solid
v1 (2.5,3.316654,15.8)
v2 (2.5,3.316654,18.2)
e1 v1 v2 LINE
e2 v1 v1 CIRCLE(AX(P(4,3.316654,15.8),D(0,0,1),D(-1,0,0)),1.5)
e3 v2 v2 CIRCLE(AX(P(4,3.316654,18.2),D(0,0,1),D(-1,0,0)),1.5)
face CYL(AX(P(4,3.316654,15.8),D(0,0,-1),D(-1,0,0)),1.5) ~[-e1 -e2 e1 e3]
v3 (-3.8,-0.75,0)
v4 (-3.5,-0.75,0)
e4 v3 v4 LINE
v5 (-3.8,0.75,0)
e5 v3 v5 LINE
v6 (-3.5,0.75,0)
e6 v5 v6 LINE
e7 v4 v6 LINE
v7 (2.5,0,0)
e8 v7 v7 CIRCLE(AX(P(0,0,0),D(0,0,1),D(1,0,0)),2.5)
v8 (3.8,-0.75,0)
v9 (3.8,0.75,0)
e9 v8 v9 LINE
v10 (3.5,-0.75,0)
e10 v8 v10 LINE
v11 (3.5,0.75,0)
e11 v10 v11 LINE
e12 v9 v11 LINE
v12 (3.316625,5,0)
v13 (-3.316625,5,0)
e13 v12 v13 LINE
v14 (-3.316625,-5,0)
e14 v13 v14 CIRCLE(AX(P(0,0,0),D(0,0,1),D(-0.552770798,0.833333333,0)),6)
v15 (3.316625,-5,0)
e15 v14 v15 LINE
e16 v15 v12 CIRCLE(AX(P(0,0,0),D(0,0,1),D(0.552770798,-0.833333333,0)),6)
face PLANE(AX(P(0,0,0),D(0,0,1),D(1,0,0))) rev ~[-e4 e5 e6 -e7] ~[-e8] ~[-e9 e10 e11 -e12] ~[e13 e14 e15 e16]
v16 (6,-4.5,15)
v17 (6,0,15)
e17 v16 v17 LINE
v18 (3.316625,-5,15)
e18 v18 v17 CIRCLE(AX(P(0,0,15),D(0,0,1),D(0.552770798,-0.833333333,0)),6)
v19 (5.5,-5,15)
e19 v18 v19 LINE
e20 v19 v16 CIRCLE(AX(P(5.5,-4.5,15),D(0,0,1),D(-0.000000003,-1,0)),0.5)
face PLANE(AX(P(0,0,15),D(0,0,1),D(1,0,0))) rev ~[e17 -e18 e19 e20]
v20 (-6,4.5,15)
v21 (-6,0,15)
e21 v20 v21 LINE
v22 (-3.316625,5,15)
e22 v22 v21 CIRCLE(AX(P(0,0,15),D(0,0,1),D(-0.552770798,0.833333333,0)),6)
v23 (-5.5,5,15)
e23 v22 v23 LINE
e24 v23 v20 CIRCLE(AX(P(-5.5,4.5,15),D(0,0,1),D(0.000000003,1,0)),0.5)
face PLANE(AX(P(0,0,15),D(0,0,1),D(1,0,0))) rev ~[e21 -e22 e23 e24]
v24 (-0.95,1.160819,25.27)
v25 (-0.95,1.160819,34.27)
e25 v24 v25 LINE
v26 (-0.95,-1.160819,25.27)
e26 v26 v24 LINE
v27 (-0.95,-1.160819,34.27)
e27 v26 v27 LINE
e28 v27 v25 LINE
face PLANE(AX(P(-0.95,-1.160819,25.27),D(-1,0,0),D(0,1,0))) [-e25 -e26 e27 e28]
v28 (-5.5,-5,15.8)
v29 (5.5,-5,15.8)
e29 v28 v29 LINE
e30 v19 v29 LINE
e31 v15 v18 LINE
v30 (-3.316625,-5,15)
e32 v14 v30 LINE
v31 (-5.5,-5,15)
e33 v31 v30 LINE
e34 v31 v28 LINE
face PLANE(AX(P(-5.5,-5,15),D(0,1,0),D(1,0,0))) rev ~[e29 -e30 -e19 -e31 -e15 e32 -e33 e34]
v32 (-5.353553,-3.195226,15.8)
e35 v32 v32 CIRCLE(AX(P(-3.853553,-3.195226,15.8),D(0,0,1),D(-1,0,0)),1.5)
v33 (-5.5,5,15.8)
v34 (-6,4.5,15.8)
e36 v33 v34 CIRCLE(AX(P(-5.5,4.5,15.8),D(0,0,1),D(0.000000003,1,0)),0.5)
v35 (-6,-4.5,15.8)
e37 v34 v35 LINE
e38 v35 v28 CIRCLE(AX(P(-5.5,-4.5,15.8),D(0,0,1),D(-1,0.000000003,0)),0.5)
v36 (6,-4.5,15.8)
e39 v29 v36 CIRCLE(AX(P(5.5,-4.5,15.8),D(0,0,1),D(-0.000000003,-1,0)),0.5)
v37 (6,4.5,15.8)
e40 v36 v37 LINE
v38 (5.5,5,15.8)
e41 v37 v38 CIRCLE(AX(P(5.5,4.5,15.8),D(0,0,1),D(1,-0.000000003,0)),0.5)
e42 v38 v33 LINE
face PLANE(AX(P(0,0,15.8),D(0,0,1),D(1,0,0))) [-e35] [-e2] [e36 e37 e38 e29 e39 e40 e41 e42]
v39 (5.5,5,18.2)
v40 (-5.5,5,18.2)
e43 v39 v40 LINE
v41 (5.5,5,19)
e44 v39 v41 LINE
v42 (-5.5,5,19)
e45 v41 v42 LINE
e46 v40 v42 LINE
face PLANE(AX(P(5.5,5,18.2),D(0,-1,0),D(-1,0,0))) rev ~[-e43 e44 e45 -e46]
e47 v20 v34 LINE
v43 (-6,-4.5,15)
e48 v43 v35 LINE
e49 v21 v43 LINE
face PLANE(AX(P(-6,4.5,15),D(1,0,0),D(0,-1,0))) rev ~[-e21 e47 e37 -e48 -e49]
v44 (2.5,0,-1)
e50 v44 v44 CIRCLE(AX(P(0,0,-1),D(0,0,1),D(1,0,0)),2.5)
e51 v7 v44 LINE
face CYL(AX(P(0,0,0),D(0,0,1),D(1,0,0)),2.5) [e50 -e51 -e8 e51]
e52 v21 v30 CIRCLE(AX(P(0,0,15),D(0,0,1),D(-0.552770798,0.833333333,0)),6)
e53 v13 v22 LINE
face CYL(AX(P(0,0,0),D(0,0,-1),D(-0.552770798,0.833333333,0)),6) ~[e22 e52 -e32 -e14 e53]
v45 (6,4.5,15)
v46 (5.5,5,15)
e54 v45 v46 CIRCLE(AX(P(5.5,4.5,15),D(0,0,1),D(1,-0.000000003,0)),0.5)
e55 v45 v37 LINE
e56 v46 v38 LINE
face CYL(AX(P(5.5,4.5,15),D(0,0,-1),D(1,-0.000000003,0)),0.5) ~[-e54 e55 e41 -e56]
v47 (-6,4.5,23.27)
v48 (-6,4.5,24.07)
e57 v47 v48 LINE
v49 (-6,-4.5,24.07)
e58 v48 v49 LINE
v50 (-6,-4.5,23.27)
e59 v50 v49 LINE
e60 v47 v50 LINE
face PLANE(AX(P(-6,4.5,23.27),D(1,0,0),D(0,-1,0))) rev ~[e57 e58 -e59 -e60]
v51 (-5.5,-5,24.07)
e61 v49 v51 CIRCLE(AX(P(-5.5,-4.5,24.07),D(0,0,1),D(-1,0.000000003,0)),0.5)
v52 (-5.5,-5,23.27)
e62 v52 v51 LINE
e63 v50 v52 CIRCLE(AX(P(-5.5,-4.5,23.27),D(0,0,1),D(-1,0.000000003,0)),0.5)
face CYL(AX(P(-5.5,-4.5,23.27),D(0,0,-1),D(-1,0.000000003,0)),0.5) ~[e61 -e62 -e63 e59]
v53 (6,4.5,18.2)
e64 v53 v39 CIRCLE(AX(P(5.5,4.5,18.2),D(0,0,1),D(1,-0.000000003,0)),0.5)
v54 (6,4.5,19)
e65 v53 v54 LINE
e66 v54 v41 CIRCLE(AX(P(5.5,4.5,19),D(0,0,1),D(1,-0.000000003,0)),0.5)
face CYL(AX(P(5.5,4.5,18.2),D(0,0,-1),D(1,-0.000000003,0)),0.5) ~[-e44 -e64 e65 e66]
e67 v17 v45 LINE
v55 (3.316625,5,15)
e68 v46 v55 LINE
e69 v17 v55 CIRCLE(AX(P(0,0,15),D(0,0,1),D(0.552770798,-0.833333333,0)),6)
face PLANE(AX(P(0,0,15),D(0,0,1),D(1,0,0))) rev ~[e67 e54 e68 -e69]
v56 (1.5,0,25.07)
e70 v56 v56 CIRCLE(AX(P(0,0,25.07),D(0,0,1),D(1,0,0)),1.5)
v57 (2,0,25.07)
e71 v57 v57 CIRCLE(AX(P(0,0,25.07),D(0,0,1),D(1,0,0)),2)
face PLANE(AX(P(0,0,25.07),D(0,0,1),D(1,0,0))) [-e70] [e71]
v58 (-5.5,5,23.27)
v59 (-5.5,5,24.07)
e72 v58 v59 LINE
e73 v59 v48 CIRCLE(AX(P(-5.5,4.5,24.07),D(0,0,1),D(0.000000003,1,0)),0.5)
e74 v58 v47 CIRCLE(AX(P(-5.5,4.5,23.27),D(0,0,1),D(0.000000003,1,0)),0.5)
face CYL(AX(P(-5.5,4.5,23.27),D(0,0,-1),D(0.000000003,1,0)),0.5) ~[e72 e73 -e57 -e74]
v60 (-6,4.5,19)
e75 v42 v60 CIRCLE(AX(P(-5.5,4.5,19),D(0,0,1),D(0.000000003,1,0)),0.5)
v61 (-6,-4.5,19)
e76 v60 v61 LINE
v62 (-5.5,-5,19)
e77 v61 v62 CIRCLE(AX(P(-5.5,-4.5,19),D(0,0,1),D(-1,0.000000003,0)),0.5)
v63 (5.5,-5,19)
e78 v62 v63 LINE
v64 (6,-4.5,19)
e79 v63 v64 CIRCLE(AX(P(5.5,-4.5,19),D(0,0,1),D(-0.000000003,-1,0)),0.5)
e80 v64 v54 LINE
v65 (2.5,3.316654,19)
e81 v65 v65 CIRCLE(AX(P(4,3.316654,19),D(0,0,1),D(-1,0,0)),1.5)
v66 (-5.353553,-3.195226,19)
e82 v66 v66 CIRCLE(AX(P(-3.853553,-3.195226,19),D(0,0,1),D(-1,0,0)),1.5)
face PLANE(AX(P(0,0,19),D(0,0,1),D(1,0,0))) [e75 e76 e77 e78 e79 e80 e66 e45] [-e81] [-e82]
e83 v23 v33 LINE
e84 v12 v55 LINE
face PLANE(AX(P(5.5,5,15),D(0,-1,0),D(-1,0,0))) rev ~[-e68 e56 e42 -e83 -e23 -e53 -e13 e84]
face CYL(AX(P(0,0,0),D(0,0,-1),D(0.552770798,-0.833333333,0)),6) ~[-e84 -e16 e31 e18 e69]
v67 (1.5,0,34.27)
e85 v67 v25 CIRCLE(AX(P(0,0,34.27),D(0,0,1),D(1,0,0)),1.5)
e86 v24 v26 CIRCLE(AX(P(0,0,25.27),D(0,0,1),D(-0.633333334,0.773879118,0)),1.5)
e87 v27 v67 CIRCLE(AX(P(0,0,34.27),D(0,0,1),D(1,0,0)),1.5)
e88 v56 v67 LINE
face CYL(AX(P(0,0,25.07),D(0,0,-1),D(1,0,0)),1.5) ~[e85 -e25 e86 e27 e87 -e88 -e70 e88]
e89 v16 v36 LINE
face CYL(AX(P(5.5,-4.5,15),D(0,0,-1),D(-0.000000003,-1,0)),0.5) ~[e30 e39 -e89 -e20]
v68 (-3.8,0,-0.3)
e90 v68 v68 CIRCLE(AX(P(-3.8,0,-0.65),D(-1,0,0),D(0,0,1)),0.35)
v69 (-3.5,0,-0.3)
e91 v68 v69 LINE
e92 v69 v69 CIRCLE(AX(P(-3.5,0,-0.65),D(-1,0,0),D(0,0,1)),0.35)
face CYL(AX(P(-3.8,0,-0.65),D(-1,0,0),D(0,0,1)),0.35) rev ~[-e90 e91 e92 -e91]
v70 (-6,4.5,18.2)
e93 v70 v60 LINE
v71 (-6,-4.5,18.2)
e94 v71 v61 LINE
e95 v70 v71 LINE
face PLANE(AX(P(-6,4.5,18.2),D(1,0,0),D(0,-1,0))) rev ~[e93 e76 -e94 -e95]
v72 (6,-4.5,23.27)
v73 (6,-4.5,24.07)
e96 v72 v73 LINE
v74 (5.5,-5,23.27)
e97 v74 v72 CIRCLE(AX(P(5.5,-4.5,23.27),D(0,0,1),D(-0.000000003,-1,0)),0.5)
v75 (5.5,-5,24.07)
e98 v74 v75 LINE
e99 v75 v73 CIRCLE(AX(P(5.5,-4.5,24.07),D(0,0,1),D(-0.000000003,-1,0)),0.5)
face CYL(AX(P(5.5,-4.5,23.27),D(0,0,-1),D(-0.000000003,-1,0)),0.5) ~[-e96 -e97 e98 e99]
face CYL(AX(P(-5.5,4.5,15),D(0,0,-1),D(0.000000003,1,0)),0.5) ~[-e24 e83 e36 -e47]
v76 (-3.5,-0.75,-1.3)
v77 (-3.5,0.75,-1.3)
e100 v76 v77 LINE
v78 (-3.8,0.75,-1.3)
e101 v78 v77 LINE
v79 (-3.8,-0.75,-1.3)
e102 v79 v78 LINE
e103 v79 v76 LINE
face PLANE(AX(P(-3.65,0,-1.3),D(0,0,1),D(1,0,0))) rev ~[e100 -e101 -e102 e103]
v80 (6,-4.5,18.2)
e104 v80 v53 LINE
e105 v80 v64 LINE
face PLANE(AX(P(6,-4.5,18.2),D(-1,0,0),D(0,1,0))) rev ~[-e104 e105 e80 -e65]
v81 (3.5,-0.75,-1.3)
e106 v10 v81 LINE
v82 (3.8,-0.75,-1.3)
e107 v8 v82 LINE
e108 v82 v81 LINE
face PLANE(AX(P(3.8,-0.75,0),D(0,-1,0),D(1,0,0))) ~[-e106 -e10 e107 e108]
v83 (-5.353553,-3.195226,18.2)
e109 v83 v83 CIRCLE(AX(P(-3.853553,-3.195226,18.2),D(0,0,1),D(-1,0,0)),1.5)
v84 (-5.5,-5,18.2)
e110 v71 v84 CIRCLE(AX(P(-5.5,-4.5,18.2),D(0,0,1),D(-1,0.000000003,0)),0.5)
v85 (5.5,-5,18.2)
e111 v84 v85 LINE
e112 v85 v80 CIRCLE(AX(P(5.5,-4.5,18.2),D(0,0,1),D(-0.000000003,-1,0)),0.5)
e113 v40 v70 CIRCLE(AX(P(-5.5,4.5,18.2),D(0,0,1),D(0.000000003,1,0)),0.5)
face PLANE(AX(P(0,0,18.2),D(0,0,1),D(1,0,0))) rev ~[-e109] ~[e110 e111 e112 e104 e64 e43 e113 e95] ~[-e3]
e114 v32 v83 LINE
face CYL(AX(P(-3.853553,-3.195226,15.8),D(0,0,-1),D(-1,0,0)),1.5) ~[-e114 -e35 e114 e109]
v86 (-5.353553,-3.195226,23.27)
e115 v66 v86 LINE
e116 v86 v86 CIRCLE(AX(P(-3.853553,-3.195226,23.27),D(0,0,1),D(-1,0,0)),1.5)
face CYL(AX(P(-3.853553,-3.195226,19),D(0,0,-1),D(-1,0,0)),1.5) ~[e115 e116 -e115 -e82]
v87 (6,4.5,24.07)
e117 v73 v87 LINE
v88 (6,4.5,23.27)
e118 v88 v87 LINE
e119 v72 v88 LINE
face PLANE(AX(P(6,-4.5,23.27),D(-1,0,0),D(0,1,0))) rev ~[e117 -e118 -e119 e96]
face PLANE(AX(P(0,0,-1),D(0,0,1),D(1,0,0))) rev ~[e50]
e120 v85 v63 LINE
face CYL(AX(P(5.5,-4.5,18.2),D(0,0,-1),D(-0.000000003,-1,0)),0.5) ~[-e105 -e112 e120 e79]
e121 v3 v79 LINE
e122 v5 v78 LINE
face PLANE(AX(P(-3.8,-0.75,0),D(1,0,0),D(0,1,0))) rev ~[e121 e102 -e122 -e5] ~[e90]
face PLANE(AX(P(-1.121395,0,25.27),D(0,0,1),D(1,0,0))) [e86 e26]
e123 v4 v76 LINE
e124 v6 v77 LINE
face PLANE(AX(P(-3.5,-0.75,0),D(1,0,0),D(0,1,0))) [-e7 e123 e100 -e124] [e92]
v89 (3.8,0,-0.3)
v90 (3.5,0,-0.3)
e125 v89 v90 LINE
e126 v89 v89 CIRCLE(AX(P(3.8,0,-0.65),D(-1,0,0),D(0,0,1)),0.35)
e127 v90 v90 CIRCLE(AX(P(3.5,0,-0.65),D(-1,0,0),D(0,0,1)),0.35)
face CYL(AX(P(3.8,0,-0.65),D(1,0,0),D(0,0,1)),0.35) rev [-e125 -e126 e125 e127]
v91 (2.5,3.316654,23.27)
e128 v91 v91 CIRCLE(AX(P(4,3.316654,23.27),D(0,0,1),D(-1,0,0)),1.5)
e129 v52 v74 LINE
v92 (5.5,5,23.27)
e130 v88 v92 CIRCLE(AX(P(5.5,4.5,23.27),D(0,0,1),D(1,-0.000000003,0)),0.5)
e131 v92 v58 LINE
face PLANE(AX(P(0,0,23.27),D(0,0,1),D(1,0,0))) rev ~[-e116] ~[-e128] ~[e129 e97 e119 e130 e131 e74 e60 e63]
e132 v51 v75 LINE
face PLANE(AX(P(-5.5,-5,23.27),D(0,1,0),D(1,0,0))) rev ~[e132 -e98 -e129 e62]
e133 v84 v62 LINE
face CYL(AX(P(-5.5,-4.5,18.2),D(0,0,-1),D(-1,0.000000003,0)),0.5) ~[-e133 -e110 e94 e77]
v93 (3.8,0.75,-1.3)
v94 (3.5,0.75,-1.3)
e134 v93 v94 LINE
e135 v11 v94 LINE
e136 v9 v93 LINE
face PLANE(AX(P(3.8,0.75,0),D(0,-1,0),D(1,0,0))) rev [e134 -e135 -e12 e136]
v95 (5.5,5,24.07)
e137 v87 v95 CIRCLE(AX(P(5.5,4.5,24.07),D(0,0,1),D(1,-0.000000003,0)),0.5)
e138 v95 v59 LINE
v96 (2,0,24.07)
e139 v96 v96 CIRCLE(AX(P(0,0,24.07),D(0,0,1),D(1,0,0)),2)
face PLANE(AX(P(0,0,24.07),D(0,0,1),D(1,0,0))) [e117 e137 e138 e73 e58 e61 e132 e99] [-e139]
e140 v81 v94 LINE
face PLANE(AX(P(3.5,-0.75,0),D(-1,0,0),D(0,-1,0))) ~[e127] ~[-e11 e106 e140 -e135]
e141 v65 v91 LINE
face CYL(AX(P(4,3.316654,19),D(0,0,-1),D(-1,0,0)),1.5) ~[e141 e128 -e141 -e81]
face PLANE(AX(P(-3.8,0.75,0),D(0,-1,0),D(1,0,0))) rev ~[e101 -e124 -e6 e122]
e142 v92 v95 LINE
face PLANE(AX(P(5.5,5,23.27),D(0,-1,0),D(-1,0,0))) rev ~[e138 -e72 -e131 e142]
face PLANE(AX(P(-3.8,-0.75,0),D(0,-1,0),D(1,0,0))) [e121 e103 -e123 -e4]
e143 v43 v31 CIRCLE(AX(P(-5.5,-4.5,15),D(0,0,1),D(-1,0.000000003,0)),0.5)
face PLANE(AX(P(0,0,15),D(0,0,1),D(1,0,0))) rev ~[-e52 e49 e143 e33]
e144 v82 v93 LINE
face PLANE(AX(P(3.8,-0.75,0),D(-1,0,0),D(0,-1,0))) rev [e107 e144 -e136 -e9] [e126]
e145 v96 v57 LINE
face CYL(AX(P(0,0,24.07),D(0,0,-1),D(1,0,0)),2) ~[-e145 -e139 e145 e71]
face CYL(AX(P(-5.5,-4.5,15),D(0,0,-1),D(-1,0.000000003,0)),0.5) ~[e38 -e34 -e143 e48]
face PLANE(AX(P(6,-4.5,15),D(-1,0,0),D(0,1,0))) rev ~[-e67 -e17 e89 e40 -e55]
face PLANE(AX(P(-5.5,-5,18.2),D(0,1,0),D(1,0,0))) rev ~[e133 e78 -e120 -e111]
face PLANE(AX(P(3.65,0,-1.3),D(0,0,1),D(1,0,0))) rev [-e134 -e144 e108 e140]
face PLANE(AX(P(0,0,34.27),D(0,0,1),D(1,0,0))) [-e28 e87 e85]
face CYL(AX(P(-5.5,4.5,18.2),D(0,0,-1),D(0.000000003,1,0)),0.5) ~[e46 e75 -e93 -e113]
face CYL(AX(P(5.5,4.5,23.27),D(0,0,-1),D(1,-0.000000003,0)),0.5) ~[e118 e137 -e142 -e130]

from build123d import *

# Parameters (mm, degrees)
SALIENTE_EXTRUIR1_DEPTH  = 15
SALIENTE_EXTRUIR2_DEPTH  = 0.8
CROQUIS3_R               = 1.5
SALIENTE_EXTRUIR3_DEPTH  = 2.4
SALIENTE_EXTRUIR4_DEPTH  = 0.8
CROQUIS5_R               = 1.5
SALIENTE_EXTRUIR5_DEPTH  = 4.27
SALIENTE_EXTRUIR6_DEPTH  = 0.8
CROQUIS7_R               = 2
SALIENTE_EXTRUIR7_DEPTH  = 1
CROQUIS8_R               = 1.5
SALIENTE_EXTRUIR8_DEPTH  = 9.2
CORTAR_EXTRUIR1_START    = -9
CORTAR_EXTRUIR1_DEPTH    = 9
CROQUIS1_3_R             = 2.5
SALIENTE_EXTRUIR9_DEPTH  = 1
CROQUIS1_4_W             = 0.3
CROQUIS1_4_H             = 1.5
SALIENTE_EXTRUIR10_DEPTH = 1.3
CORTAR_EXTRUIR2_REACH    = 37.993
CROQUIS10_R              = 0.35


with BuildPart() as part:
    # Croquis1 → Saliente-Extruir1 (new body)
    with BuildSketch(Plane.XY):
        with BuildLine():
            Line((3.31662479, 5), (-3.31662479, 5))
            ThreePointArc((-3.31662479, 5), (-6, 0), (-3.31662479, -5))
            Line((-3.31662479, -5), (3.31662479, -5))
            ThreePointArc((3.31662479, -5), (6, 0), (3.31662479, 5))
        make_face()
    extrude(amount=SALIENTE_EXTRUIR1_DEPTH)

    # Croquis2 → Saliente-Extruir2 (add)
    with BuildSketch(Plane.XY.offset(15)):
        with BuildLine():
            Line((-5.5, -5), (5.5, -5))
            ThreePointArc((5.5, -5), (5.853553391, -4.853553391), (6, -4.5))
            Line((6, -4.5), (6, 4.5))
            ThreePointArc((6, 4.5), (5.853553391, 4.853553391), (5.5, 5))
            Line((5.5, 5), (-5.5, 5))
            ThreePointArc((-5.5, 5), (-5.853553391, 4.853553391), (-6, 4.5))
            Line((-6, 4.5), (-6, -4.5))
            ThreePointArc((-6, -4.5), (-5.853553391, -4.853553391), (-5.5, -5))
        make_face()
    extrude(amount=SALIENTE_EXTRUIR2_DEPTH)

    # Croquis3 → Saliente-Extruir3 (add)
    with BuildSketch(Plane.XY.offset(15.8)):
        with Locations((-3.853553391, -3.195226195)):
            Circle(CROQUIS3_R)
        with Locations((4, 3.316654392)):
            Circle(CROQUIS3_R)
    extrude(amount=SALIENTE_EXTRUIR3_DEPTH)

    # Croquis4 → Saliente-Extruir4 (add)
    with BuildSketch(Plane.XY.offset(18.2)):
        with BuildLine():
            Line((5.5, 5), (-5.5, 5))
            ThreePointArc((-5.5, 5), (-5.853553391, 4.853553391), (-6, 4.5))
            Line((-6, 4.5), (-6, -4.5))
            ThreePointArc((-6, -4.5), (-5.853553391, -4.853553391), (-5.5, -5))
            Line((-5.5, -5), (5.5, -5))
            ThreePointArc((5.5, -5), (5.853553391, -4.853553391), (6, -4.5))
            Line((6, -4.5), (6, 4.5))
            ThreePointArc((6, 4.5), (5.853553391, 4.853553391), (5.5, 5))
        make_face()
    extrude(amount=SALIENTE_EXTRUIR4_DEPTH)

    # Croquis5 → Saliente-Extruir5 (add)
    with BuildSketch(Plane.XY.offset(19)):
        with Locations((4, 3.316654392)):
            Circle(CROQUIS5_R)
        with Locations((-3.853553391, -3.195226195)):
            Circle(CROQUIS5_R)
    extrude(amount=SALIENTE_EXTRUIR5_DEPTH)

    # Croquis6 → Saliente-Extruir6 (add)
    with BuildSketch(Plane.XY.offset(23.27)):
        with BuildLine():
            Line((5.5, 5), (-5.5, 5))
            ThreePointArc((-5.5, 5), (-5.853553391, 4.853553391), (-6, 4.5))
            Line((-6, 4.5), (-6, -4.5))
            ThreePointArc((-6, -4.5), (-5.853553391, -4.853553391), (-5.5, -5))
            Line((-5.5, -5), (5.5, -5))
            ThreePointArc((5.5, -5), (5.853553391, -4.853553391), (6, -4.5))
            Line((6, -4.5), (6, 4.5))
            ThreePointArc((6, 4.5), (5.853553391, 4.853553391), (5.5, 5))
        make_face()
    extrude(amount=SALIENTE_EXTRUIR6_DEPTH)

    # Croquis7 → Saliente-Extruir7 (add)
    with BuildSketch(Plane.XY.offset(24.07)):
        Circle(CROQUIS7_R)
    extrude(amount=SALIENTE_EXTRUIR7_DEPTH)

    # Croquis8 → Saliente-Extruir8 (add)
    with BuildSketch(Plane.XY.offset(25.07)):
        Circle(CROQUIS8_R)
    extrude(amount=SALIENTE_EXTRUIR8_DEPTH)

    # Croquis9 → Cortar-Extruir1 (cut)
    with BuildSketch(Plane.XY.offset(34.27).offset(CORTAR_EXTRUIR1_START)):
        with BuildLine():
            Line((-0.95, -1.160818677), (-0.95, 1.160818677))
            ThreePointArc((-0.95, 1.160818677), (-1.5, 0), (-0.95, -1.160818677))
        make_face()
    extrude(amount=CORTAR_EXTRUIR1_DEPTH, mode=Mode.SUBTRACT)

    # Croquis1<3> → Saliente-Extruir9 (add)
    with BuildSketch(Plane.XY):
        Circle(CROQUIS1_3_R)
    extrude(amount=-SALIENTE_EXTRUIR9_DEPTH)

    # Croquis1<4> → Saliente-Extruir10 (add)
    with BuildSketch(Plane.XY):
        with Locations((-3.65, 0)):
            Rectangle(CROQUIS1_4_W, CROQUIS1_4_H)
    saliente_extruir10 = extrude(amount=-SALIENTE_EXTRUIR10_DEPTH)

    # Croquis10 → Cortar-Extruir2 (cut, up to next)
    with BuildSketch(Plane.ZY.offset(3.8), mode=Mode.PRIVATE) as cortar_extruir2_sk1:
        with Locations((-0.65, 0)):
            Circle(CROQUIS10_R)
    cortar_extruir2_tool1 = extrude(cortar_extruir2_sk1.sketch, amount=-CORTAR_EXTRUIR2_REACH, mode=Mode.PRIVATE) & part.part
    cortar_extruir2 = cortar_extruir2_tool1.solids().sort_by_distance((-3.8, 0, -0.65))[0]
    add(cortar_extruir2, mode=Mode.SUBTRACT)

    # Simetría1: Saliente-Extruir10, Cortar-Extruir2 across plane
    add(saliente_extruir10.mirror(Plane(origin=(0, 0, 0), x_dir=(0, 0, 1), z_dir=(1, 0, 0))))
    add(cortar_extruir2.mirror(Plane(origin=(0, 0, 0), x_dir=(0, 0, 1), z_dir=(1, 0, 0))), mode=Mode.SUBTRACT)


solid = part.part
